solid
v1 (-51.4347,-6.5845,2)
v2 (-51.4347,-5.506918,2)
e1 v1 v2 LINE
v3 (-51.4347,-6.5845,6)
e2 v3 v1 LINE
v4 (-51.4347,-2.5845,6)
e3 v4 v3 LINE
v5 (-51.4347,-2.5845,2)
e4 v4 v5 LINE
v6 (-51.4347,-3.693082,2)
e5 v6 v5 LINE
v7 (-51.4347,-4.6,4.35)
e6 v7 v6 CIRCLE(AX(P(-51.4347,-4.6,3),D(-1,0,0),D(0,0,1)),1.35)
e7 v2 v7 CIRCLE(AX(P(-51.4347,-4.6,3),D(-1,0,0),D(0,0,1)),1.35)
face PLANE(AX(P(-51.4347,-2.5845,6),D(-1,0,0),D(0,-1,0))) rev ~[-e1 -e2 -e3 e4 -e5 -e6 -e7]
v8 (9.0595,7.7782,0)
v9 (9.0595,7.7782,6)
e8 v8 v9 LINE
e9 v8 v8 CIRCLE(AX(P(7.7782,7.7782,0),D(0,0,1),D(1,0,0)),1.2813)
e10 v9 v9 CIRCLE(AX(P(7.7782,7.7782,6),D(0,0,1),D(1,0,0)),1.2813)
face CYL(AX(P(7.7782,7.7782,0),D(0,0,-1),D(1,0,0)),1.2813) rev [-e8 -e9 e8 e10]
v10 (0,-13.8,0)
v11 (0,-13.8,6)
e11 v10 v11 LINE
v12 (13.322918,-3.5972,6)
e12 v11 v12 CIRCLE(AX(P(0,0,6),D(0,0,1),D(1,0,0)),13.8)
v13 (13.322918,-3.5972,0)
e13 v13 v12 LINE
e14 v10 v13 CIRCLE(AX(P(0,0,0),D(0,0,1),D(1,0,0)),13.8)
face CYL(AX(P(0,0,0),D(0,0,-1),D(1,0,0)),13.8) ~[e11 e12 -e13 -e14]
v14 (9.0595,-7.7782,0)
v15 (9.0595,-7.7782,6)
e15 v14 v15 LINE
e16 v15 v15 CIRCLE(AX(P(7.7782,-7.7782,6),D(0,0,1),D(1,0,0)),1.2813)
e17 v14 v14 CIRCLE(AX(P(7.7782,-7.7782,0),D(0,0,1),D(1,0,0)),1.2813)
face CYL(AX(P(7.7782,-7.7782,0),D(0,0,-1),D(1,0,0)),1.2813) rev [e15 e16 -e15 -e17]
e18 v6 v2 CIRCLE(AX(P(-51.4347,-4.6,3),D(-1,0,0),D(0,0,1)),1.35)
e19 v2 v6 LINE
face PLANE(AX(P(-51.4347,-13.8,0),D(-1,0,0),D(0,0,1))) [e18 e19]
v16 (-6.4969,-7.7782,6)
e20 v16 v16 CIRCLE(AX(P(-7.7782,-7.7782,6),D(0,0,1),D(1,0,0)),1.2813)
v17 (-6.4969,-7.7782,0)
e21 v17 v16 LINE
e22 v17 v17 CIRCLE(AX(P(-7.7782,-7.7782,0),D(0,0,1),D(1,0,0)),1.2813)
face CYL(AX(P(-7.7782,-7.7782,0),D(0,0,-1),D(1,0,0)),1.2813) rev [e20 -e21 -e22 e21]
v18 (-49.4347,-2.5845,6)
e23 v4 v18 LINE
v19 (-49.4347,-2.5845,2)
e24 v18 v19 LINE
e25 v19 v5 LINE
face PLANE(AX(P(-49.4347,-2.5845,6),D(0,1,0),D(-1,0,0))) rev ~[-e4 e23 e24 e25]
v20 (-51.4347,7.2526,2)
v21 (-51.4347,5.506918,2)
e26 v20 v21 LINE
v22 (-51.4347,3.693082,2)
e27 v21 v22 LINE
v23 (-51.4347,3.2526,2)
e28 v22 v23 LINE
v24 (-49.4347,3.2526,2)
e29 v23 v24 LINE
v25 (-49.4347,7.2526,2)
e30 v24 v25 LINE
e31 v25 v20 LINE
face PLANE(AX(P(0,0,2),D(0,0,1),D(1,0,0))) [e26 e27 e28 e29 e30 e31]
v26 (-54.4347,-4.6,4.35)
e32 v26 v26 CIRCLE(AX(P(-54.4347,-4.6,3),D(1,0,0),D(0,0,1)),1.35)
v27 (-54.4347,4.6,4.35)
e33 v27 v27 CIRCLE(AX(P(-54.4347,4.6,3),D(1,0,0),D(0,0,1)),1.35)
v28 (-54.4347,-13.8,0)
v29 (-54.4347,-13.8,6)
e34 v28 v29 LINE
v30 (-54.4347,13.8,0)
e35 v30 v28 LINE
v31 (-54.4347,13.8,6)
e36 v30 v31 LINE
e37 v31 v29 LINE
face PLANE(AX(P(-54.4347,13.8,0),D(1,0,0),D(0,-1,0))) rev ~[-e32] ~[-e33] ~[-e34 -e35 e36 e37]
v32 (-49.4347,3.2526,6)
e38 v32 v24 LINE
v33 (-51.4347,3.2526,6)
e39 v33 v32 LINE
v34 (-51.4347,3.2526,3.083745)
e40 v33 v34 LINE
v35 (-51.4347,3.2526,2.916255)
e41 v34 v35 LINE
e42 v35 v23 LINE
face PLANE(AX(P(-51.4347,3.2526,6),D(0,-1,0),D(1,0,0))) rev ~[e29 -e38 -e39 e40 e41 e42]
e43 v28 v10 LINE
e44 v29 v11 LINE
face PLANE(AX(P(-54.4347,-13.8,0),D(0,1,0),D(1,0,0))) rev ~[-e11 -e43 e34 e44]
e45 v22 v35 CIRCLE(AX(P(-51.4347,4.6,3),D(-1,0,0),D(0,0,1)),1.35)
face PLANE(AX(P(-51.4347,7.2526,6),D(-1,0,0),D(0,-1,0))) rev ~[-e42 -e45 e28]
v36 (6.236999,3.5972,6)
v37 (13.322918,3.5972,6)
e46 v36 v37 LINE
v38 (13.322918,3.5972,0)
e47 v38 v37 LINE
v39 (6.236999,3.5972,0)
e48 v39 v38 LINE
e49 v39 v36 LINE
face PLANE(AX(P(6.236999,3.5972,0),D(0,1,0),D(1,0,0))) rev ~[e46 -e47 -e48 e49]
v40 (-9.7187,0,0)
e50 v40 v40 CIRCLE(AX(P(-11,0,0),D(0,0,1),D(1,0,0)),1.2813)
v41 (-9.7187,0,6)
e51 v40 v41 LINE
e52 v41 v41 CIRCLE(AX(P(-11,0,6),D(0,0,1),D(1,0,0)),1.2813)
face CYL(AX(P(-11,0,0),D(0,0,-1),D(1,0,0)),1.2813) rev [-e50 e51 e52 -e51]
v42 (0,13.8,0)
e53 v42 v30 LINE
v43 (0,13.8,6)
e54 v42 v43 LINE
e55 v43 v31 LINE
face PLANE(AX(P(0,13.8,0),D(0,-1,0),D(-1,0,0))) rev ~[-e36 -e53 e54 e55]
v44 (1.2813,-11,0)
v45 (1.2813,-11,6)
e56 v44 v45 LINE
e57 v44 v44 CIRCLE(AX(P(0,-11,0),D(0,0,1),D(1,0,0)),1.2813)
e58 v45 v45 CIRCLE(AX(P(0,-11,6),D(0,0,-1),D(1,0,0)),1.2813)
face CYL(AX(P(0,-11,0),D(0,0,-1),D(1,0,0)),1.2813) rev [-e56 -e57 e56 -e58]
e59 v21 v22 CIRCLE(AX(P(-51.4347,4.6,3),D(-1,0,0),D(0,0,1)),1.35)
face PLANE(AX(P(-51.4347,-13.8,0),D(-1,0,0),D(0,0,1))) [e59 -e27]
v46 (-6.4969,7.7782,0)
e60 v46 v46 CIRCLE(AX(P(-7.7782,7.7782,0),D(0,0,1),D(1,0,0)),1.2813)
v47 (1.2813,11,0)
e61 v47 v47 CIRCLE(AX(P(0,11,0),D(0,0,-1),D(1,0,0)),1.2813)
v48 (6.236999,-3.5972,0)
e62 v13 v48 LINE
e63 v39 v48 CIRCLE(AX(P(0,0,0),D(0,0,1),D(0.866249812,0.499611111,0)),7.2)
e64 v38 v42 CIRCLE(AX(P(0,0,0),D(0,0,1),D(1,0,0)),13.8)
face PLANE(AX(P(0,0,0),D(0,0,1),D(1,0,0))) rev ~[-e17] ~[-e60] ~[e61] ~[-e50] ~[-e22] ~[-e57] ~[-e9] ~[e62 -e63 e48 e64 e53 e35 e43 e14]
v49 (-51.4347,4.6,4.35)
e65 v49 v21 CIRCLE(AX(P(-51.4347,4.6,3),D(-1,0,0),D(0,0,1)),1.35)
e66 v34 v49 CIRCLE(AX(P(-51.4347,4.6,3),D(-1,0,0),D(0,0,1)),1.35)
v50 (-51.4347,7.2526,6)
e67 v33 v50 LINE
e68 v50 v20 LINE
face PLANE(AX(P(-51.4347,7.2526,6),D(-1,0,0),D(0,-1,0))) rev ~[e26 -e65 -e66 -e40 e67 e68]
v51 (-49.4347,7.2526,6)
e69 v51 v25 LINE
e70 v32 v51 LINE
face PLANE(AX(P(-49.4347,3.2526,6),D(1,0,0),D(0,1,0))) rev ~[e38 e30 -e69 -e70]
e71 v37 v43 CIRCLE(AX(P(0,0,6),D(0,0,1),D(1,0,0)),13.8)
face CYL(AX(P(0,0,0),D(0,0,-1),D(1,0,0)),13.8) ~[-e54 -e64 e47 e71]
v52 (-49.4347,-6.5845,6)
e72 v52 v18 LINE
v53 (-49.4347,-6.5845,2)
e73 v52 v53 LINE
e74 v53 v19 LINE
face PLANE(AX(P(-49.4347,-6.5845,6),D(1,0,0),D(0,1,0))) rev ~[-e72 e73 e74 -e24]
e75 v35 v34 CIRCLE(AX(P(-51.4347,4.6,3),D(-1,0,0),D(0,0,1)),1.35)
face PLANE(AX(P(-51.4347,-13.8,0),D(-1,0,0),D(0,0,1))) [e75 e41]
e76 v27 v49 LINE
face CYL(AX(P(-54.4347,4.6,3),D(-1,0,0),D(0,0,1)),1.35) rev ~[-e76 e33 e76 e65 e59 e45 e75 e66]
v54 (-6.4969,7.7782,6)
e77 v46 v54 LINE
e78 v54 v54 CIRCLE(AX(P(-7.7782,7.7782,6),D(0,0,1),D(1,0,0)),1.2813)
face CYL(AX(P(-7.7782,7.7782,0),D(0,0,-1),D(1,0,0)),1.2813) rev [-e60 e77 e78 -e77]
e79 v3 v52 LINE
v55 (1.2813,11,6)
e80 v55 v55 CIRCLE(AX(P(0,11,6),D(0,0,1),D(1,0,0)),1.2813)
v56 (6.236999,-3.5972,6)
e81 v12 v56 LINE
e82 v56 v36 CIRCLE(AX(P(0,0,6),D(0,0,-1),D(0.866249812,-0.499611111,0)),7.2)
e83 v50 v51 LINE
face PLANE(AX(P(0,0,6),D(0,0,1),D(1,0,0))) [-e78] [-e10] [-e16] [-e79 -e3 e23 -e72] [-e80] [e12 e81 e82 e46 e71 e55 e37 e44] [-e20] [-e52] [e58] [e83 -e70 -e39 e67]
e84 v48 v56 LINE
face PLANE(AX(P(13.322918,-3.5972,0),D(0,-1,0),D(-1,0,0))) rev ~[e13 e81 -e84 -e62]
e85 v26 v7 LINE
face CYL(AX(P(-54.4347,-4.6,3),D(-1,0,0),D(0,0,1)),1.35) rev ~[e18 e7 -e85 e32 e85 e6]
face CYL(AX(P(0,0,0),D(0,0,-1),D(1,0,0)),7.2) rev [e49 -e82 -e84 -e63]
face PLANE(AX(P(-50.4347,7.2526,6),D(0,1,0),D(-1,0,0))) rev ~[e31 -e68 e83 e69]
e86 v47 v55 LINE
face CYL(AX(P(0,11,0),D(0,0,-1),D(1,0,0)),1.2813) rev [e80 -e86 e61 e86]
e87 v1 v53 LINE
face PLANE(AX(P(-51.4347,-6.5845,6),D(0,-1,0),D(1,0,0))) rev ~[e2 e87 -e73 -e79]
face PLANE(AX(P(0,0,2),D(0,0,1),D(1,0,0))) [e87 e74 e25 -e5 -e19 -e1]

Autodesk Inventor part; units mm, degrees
ref_plane "YZ Plane" through (0, 0, 0) normal (1, 0, 0) x (0, 1, 0)
ref_plane "XZ Plane" through (0, 0, 0) normal (0, 1, 0) x (-1, 0, 0)
ref_plane "XY Plane" through (0, 0, 0) normal (0, 0, 1) x (1, 0, 0)
sketch "스케치1" plane through (0, 0, 0) normal (0, 0, 1) x (1, 0, 0)
  circle A0 centre (0, 0) radius 13.8 projected
  circle A1 centre (0, 0) radius 7.2 projected
  circle A2 centre (0, -11) radius 1.2813 projected
  circle A3 centre (-7.7782, -7.7782) radius 1.2813 projected
  circle A4 centre (-11, 0) radius 1.2813 projected
  circle A5 centre (-7.7782, 7.7782) radius 1.2813 projected
  circle A6 centre (0, 11) radius 1.2813 projected
  circle A7 centre (7.7782, 7.7782) radius 1.2813 projected
  circle A8 centre (11, 0) radius 1.2813 projected
  circle A9 centre (7.7782, -7.7782) radius 1.2813 projected
  circle A10 centre (0, 0) radius 3.15 projected
  circle A11 centre (0, 0) radius 3.5972
  line L0 (0, -3.5972) -> (0, 3.5972)
  line L1 (0, 3.5972) -> (17.7956, 3.5972)
  line L2 (17.7956, 3.5972) -> (17.7956, -3.5972)
  line L3 (17.7956, -3.5972) -> (0, -3.5972)
  line L4 (-54.4347, 13.8) -> (-54.4347, -13.8) projected
  line L5 (0, -13.8) -> (0, 13.8)
  line L6 (0, 13.8) -> (-54.4347, 13.8)
  line L7 (-54.4347, 13.8) -> (-54.4347, -13.8)
  line L8 (-54.4347, -13.8) -> (0, -13.8)
  point P0 (0, 0)
  point P1 (6.237, 3.5972)
  point P2 (13.3229, 3.5972)
  point P3 (13.3229, -3.5972)
  point P4 (6.237, -3.5972)
extrude "돌출1" add sketch "스케치1" along normal blind 6 contours L5 A6 A1 A2 A0 | A0 L1 A1 L5 A6 | A0 L8 L4 L6 | L5 A2 A1 L3 A0
sketch "스케치2" plane through (-54.4347, -13.8, 0) normal (-1, 0, 0) x (0, 0, 1)
  line L0 (0, 13.8) -> (6, 13.8)
  line L1 (6, 15.0812) -> (6, 12.5187) projected
  line L2 (0, 13.8) -> (3, 13.8)
  line L3 (3, 13.8) -> (3, 0)
  line L4 (0, 0) -> (6, 0) projected
  line L5 (3, 0) -> (3, 9.2)
  line L6 (3, 9.2) -> (3, 18.4)
  circle A0 centre (3, 18.4) radius 1.35
  circle A1 centre (3, 9.2) radius 1.35
  dimension "d2" = 3
  dimension "d3" = 9.2
  dimension "d4" = 9.2
  dimension "d5" = 2.7
  dimension "d6" = 2.7
extrude "돌출2" cut sketch "스케치2" against normal blind 3
sketch "스케치3" plane through (0, 0, 6) normal (0, 0, 1) x (1, 0, 0)
  line L0 (-50.4347, -2.45) -> (-50.4347, -6.45) projected
  line L1 (-50.4347, 7.3745) -> (-50.4347, 3.3745) projected
  line L2 (-54.4347, 13.8) -> (-54.4347, -13.8) projected
  line L3 (-54.4347, 5.2526) -> (-50.4347, 5.2526)
  line L4 (-54.4347, -4.5845) -> (-50.4347, -4.5845)
  line L5 (-51.4347, -2.5845) -> (-51.4347, -6.5845)
  line L6 (-51.4347, -6.5845) -> (-49.4347, -6.5845)
  line L7 (-49.4347, -6.5845) -> (-49.4347, -2.5845)
  line L8 (-49.4347, -2.5845) -> (-51.4347, -2.5845)
  line L9 (-51.4347, -2.5845) -> (-49.4347, -6.5845) construction
  line L10 (-51.4347, -6.5845) -> (-49.4347, -2.5845) construction
  line L11 (-51.4347, 7.2526) -> (-51.4347, 3.2526)
  line L12 (-51.4347, 3.2526) -> (-49.4347, 3.2526)
  line L13 (-49.4347, 3.2526) -> (-49.4347, 7.2526)
  line L14 (-49.4347, 7.2526) -> (-51.4347, 7.2526)
  line L15 (-51.4347, 7.2526) -> (-49.4347, 3.2526) construction
  line L16 (-51.4347, 3.2526) -> (-49.4347, 7.2526) construction
  point P0 (0, 0)
  dimension "d9" = 4
  dimension "d10" = 2
  dimension "d11" = 4
  dimension "d12" = 2
extrude "돌출3" cut sketch "스케치3" against normal blind 4
properties part number "_thigh_adt_body"
